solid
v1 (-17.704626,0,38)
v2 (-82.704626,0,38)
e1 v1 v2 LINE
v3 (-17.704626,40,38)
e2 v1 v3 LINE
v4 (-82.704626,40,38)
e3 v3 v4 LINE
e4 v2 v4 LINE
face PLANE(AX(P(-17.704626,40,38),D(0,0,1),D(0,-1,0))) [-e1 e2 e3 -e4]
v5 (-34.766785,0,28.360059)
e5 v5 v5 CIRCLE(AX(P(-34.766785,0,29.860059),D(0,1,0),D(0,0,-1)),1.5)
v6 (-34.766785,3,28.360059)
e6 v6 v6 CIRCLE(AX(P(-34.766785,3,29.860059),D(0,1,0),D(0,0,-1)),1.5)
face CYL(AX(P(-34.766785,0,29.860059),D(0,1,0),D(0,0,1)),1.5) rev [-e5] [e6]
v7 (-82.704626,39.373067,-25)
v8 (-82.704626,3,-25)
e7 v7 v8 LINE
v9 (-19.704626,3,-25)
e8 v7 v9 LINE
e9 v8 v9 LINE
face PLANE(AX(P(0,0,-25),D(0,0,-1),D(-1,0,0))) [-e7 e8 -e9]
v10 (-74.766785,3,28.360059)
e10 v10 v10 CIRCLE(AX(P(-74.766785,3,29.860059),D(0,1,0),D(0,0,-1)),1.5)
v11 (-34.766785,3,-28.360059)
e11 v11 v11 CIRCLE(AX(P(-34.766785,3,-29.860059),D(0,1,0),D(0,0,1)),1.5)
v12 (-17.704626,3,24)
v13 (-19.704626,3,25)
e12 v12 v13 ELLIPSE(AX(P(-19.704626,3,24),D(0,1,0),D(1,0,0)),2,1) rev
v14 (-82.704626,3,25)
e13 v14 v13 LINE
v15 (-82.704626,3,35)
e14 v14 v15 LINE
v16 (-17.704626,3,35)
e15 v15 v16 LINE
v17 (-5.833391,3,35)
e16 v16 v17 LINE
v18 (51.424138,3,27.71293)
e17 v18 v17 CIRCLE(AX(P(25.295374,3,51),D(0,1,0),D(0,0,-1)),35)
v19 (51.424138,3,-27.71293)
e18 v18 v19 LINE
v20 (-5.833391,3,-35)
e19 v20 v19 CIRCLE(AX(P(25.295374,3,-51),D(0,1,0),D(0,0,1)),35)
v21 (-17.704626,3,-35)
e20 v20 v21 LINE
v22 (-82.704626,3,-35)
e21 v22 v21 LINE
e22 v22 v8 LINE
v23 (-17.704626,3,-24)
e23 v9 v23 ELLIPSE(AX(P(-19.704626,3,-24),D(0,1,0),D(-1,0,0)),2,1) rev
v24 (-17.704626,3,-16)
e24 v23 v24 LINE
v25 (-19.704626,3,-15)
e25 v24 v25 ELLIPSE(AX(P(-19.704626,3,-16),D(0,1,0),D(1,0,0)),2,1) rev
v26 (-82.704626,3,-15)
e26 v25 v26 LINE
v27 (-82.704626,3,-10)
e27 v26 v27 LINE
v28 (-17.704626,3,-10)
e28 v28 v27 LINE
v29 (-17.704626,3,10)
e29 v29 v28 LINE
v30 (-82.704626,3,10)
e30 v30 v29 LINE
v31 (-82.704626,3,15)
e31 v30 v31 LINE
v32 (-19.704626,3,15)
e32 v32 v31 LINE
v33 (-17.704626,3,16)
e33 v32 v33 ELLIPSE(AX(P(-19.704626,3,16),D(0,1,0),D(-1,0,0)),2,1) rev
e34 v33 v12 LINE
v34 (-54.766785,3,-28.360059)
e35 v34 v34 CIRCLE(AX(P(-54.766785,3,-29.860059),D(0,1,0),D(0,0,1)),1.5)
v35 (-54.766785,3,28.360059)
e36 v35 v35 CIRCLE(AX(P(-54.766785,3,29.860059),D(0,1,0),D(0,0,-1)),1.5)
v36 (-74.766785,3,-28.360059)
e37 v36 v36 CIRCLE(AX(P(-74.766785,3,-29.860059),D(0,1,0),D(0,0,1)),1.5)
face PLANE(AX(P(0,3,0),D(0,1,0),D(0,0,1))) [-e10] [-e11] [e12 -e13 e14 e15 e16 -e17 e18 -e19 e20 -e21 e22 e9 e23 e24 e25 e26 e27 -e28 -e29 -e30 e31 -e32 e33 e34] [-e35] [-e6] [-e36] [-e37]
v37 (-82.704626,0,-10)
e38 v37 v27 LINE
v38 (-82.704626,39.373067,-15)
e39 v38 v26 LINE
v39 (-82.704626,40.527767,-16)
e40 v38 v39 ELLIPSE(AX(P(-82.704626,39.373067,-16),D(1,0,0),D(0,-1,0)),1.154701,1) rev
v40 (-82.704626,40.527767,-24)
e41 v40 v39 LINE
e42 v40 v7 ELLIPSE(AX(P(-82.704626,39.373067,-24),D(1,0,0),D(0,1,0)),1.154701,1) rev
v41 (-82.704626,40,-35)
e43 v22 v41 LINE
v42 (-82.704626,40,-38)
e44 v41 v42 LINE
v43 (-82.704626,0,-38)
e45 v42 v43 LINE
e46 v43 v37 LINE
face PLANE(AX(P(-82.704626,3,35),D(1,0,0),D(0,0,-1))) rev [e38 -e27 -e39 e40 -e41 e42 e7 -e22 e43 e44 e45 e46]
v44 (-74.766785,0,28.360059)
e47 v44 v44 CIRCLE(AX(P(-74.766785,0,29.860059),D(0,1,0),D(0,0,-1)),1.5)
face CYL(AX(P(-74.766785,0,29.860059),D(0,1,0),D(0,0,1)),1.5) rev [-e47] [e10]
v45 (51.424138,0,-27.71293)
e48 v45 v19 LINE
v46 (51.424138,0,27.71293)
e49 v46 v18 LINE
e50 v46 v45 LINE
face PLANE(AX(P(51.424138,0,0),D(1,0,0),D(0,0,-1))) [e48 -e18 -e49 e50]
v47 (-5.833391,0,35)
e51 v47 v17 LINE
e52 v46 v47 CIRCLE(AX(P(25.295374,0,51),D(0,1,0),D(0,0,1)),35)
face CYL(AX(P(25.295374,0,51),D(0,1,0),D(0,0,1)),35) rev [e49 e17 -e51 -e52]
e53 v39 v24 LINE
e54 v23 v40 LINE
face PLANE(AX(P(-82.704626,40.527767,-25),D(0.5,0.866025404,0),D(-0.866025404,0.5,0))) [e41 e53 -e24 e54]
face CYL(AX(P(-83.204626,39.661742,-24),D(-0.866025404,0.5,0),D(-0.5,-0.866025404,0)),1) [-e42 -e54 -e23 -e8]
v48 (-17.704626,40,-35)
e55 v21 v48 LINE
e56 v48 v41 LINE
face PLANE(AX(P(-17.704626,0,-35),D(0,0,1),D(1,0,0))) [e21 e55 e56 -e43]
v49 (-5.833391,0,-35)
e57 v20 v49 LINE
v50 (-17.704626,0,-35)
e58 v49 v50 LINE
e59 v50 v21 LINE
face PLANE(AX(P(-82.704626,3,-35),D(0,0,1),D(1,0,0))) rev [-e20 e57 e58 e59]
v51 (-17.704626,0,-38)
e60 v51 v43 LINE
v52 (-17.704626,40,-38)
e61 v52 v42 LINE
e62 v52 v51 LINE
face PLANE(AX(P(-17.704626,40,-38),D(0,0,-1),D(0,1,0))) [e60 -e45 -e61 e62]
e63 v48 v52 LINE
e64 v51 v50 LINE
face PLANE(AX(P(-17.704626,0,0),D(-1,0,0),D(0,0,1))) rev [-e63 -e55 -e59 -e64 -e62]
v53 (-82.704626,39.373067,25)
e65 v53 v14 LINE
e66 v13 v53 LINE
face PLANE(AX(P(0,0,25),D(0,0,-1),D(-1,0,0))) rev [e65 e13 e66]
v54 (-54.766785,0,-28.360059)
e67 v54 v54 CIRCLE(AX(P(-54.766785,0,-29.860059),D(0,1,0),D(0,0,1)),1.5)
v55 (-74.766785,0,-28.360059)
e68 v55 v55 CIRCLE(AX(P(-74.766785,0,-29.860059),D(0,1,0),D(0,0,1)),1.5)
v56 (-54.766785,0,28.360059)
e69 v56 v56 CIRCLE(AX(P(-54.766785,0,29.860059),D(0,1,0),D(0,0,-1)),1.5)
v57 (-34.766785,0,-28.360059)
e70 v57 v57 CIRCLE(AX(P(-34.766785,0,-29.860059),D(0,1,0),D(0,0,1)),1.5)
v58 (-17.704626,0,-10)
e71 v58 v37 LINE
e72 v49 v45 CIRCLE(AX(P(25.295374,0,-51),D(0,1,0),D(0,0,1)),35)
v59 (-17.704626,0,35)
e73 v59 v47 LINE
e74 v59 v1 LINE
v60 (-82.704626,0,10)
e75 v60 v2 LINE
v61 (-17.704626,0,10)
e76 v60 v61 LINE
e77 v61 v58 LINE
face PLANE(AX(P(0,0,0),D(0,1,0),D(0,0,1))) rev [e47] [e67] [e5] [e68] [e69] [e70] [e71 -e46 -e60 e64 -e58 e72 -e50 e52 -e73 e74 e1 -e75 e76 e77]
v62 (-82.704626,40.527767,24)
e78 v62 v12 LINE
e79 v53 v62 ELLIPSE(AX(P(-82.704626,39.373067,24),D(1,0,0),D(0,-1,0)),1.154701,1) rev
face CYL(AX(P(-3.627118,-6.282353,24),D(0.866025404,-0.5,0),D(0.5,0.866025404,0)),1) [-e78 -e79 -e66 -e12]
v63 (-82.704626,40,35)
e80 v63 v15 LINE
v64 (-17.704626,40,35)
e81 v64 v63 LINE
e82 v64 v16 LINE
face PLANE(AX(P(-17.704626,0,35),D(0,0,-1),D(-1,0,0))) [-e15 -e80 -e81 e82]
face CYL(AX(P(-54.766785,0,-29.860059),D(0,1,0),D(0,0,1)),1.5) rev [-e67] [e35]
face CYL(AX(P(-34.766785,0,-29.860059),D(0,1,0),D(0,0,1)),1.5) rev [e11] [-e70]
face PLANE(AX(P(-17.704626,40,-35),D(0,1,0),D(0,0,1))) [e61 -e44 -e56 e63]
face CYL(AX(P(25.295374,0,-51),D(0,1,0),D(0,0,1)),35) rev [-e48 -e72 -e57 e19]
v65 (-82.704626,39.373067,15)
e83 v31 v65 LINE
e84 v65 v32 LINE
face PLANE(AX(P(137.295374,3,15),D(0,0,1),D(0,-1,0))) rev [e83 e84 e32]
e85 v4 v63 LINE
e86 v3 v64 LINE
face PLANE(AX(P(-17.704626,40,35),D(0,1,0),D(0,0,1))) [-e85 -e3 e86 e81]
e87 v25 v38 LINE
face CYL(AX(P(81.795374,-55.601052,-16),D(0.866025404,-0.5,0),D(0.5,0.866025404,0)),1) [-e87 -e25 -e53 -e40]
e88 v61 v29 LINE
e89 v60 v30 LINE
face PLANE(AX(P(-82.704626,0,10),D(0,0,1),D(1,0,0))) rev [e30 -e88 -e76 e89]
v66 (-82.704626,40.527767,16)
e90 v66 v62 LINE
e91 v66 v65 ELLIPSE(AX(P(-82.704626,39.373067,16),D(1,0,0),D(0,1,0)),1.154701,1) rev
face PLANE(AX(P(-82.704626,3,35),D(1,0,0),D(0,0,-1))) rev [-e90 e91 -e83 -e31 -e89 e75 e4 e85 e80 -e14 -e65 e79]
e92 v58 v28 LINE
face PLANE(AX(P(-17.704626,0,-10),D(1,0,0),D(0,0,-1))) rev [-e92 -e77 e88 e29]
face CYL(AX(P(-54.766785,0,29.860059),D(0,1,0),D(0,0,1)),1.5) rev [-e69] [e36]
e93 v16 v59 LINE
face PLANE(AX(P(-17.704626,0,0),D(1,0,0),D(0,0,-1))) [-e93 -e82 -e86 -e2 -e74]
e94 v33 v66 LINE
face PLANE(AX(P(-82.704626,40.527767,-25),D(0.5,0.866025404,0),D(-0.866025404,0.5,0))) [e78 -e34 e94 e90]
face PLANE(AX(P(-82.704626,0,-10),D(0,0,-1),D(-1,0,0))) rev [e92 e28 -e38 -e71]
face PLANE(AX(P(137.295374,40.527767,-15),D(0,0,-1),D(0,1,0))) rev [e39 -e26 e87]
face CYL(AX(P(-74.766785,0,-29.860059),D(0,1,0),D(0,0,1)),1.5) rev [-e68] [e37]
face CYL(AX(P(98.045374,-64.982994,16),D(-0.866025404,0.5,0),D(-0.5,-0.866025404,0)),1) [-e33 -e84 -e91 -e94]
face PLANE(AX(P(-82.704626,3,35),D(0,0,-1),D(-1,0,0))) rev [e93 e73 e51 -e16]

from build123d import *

# Parameters (mm, degrees)
SKETCH_1_W           = 220
SKETCH_1_H           = 70
EXTRUDE_1_DEPTH      = 3
EXTRUDE_2_DEPTH      = 25
EXTRUDE_2_DEPTH_BACK = 25
SKETCH_6_W           = 30
SKETCH_6_H           = 37.527767497
CUT_EXTRUDE_4_DEPTH  = 221
SKETCH_7_R           = 35
CUT_EXTRUDE_5_DEPTH  = 4
SKETCH_8_W           = 3
SKETCH_8_H           = 40
EXTRUDE_3_DEPTH      = 65
SKETCH_9_R           = 1.5
CUT_EXTRUDE_6_DEPTH  = 4
FILLET_5_R           = 1
SKETCH_10_W          = 65
SKETCH_10_H          = 20
CUT_EXTRUDE_7_DEPTH  = 4
SKETCH_12_R          = 1.5
CUT_EXTRUDE_8_DEPTH  = 4


with BuildPart() as part:
    # 草图1 → 凸台-拉伸1 (new body)
    with BuildSketch(Plane(origin=(0, 0, 0), x_dir=(1, 0, 0), z_dir=(0, 1, 0))):
        with Locations((27.295373665, 0)):
            Rectangle(SKETCH_1_W, SKETCH_1_H)
    extrude(amount=EXTRUDE_1_DEPTH)

    # 草图2 → 凸台-拉伸2 (add, two sides)
    with BuildSketch(Plane.XY) as extrude_2_sk:
        Polygon((-82.704626335, 40.527767497), (-82.704626335, 3), (-17.704626335, 3), align=None)
    extrude(amount=EXTRUDE_2_DEPTH)
    extrude(extrude_2_sk.sketch, amount=-EXTRUDE_2_DEPTH_BACK)

    # 草图6 → 切除-拉伸4 (cut, through all)
    with BuildSketch(Plane.ZY.offset(82.704626335)):
        with Locations((0, 21.763883748)):
            Rectangle(SKETCH_6_W, SKETCH_6_H)
    extrude(amount=-CUT_EXTRUDE_4_DEPTH, mode=Mode.SUBTRACT)

    # 草图7 → 切除-拉伸5 (cut, through all)
    with BuildSketch(Plane(origin=(0, 3, 0), x_dir=(1, 0, 0), z_dir=(0, 1, 0))):
        with Locations((25.295373665, 51)):
            Circle(SKETCH_7_R)
        with Locations((25.295373665, -51)):
            Circle(SKETCH_7_R)
    extrude(amount=-CUT_EXTRUDE_5_DEPTH, mode=Mode.SUBTRACT)

    # 草图8 → 凸台-拉伸3 (add)
    with BuildSketch(Plane.ZY.offset(82.704626335)):
        with Locations((36.5, 20)):
            Rectangle(SKETCH_8_W, SKETCH_8_H)
        with Locations((-36.5, 20)):
            Rectangle(SKETCH_8_W, SKETCH_8_H)
    extrude(amount=-EXTRUDE_3_DEPTH)

    # 草图9 → 切除-拉伸6 (cut, through all)
    with BuildSketch(Plane(origin=(0, 3, 0), x_dir=(1, 0, 0), z_dir=(0, 1, 0))):
        with Locations((-74.766784803, 29.860059225)):
            Circle(SKETCH_9_R)
        with Locations((-54.766784803, 29.860059225)):
            Circle(SKETCH_9_R)
        with Locations((-34.766784803, 29.860059225)):
            Circle(SKETCH_9_R)
        with Locations((-34.766784803, -29.860059225)):
            Circle(SKETCH_9_R)
        with Locations((-54.766784803, -29.860059225)):
            Circle(SKETCH_9_R)
        with Locations((-74.766784803, -29.860059225)):
            Circle(SKETCH_9_R)
        with Locations((68.031562246, 22)):
            Circle(SKETCH_9_R)
        with Locations((88.031562246, 22)):
            Circle(SKETCH_9_R)
        with Locations((108.031562246, 22)):
            Circle(SKETCH_9_R)
        with Locations((108.031562246, -22)):
            Circle(SKETCH_9_R)
        with Locations((88.031562246, -22)):
            Circle(SKETCH_9_R)
        with Locations((68.031562246, -22)):
            Circle(SKETCH_9_R)
        with Locations((128.031562246, 22)):
            Circle(SKETCH_9_R)
        with Locations((128.031562246, -22)):
            Circle(SKETCH_9_R)
    extrude(amount=-CUT_EXTRUDE_6_DEPTH, mode=Mode.SUBTRACT)

    # 圆角5
    fillet_5_edges = [part.edges().sort_by_distance(p)[0] for p in [
        (-50.204626335, 21.763883749, -25),
        (-50.204626335, 21.763883749, 25),
        (-50.204626335, 21.763883749, -15),
        (-50.204626335, 21.763883749, 15),
    ]]
    fillet(fillet_5_edges, radius=FILLET_5_R)

    # 草图10 → 切除-拉伸7 (cut, through all)
    with BuildSketch(Plane(origin=(0, 3, 0), x_dir=(1, 0, 0), z_dir=(0, 1, 0))):
        with Locations((-50.204626335, 0)):
            Rectangle(SKETCH_10_W, SKETCH_10_H)
    extrude(amount=-CUT_EXTRUDE_7_DEPTH, mode=Mode.SUBTRACT)

    # 草图12 → 切除-拉伸8 (cut, through all)
    with BuildSketch(Plane(origin=(0, 3, 0), x_dir=(1, 0, 0), z_dir=(0, 1, 0))):
        with BuildLine():
            Line((51.424138498, 27.712929589), (51.424138498, 0))
            Line((51.424138498, 0), (51.424138498, -27.712929589))
            ThreePointArc((51.424138498, -27.712929589), (54.155060508, -31.198018398), (56.424138498, -35))
            Line((56.424138498, -35), (137.295373665, -35))
            Line((137.295373665, -35), (137.295373665, 35))
            Line((137.295373665, 35), (56.424138498, 35))
            ThreePointArc((56.424138498, 35), (54.155060508, 31.198018398), (51.424138498, 27.712929589))
        make_face()
        with Locations((68.031562246, -22)):
            Circle(SKETCH_12_R, mode=Mode.SUBTRACT)
        with Locations((88.031562246, -22)):
            Circle(SKETCH_12_R, mode=Mode.SUBTRACT)
        with Locations((108.031562246, -22)):
            Circle(SKETCH_12_R, mode=Mode.SUBTRACT)
        with Locations((128.031562246, -22)):
            Circle(SKETCH_12_R, mode=Mode.SUBTRACT)
        with Locations((68.031562246, 22)):
            Circle(SKETCH_12_R, mode=Mode.SUBTRACT)
        with Locations((88.031562246, 22)):
            Circle(SKETCH_12_R, mode=Mode.SUBTRACT)
        with Locations((108.031562246, 22)):
            Circle(SKETCH_12_R, mode=Mode.SUBTRACT)
        with Locations((128.031562246, 22)):
            Circle(SKETCH_12_R, mode=Mode.SUBTRACT)
    extrude(amount=-CUT_EXTRUDE_8_DEPTH, mode=Mode.SUBTRACT)


solid = part.part
